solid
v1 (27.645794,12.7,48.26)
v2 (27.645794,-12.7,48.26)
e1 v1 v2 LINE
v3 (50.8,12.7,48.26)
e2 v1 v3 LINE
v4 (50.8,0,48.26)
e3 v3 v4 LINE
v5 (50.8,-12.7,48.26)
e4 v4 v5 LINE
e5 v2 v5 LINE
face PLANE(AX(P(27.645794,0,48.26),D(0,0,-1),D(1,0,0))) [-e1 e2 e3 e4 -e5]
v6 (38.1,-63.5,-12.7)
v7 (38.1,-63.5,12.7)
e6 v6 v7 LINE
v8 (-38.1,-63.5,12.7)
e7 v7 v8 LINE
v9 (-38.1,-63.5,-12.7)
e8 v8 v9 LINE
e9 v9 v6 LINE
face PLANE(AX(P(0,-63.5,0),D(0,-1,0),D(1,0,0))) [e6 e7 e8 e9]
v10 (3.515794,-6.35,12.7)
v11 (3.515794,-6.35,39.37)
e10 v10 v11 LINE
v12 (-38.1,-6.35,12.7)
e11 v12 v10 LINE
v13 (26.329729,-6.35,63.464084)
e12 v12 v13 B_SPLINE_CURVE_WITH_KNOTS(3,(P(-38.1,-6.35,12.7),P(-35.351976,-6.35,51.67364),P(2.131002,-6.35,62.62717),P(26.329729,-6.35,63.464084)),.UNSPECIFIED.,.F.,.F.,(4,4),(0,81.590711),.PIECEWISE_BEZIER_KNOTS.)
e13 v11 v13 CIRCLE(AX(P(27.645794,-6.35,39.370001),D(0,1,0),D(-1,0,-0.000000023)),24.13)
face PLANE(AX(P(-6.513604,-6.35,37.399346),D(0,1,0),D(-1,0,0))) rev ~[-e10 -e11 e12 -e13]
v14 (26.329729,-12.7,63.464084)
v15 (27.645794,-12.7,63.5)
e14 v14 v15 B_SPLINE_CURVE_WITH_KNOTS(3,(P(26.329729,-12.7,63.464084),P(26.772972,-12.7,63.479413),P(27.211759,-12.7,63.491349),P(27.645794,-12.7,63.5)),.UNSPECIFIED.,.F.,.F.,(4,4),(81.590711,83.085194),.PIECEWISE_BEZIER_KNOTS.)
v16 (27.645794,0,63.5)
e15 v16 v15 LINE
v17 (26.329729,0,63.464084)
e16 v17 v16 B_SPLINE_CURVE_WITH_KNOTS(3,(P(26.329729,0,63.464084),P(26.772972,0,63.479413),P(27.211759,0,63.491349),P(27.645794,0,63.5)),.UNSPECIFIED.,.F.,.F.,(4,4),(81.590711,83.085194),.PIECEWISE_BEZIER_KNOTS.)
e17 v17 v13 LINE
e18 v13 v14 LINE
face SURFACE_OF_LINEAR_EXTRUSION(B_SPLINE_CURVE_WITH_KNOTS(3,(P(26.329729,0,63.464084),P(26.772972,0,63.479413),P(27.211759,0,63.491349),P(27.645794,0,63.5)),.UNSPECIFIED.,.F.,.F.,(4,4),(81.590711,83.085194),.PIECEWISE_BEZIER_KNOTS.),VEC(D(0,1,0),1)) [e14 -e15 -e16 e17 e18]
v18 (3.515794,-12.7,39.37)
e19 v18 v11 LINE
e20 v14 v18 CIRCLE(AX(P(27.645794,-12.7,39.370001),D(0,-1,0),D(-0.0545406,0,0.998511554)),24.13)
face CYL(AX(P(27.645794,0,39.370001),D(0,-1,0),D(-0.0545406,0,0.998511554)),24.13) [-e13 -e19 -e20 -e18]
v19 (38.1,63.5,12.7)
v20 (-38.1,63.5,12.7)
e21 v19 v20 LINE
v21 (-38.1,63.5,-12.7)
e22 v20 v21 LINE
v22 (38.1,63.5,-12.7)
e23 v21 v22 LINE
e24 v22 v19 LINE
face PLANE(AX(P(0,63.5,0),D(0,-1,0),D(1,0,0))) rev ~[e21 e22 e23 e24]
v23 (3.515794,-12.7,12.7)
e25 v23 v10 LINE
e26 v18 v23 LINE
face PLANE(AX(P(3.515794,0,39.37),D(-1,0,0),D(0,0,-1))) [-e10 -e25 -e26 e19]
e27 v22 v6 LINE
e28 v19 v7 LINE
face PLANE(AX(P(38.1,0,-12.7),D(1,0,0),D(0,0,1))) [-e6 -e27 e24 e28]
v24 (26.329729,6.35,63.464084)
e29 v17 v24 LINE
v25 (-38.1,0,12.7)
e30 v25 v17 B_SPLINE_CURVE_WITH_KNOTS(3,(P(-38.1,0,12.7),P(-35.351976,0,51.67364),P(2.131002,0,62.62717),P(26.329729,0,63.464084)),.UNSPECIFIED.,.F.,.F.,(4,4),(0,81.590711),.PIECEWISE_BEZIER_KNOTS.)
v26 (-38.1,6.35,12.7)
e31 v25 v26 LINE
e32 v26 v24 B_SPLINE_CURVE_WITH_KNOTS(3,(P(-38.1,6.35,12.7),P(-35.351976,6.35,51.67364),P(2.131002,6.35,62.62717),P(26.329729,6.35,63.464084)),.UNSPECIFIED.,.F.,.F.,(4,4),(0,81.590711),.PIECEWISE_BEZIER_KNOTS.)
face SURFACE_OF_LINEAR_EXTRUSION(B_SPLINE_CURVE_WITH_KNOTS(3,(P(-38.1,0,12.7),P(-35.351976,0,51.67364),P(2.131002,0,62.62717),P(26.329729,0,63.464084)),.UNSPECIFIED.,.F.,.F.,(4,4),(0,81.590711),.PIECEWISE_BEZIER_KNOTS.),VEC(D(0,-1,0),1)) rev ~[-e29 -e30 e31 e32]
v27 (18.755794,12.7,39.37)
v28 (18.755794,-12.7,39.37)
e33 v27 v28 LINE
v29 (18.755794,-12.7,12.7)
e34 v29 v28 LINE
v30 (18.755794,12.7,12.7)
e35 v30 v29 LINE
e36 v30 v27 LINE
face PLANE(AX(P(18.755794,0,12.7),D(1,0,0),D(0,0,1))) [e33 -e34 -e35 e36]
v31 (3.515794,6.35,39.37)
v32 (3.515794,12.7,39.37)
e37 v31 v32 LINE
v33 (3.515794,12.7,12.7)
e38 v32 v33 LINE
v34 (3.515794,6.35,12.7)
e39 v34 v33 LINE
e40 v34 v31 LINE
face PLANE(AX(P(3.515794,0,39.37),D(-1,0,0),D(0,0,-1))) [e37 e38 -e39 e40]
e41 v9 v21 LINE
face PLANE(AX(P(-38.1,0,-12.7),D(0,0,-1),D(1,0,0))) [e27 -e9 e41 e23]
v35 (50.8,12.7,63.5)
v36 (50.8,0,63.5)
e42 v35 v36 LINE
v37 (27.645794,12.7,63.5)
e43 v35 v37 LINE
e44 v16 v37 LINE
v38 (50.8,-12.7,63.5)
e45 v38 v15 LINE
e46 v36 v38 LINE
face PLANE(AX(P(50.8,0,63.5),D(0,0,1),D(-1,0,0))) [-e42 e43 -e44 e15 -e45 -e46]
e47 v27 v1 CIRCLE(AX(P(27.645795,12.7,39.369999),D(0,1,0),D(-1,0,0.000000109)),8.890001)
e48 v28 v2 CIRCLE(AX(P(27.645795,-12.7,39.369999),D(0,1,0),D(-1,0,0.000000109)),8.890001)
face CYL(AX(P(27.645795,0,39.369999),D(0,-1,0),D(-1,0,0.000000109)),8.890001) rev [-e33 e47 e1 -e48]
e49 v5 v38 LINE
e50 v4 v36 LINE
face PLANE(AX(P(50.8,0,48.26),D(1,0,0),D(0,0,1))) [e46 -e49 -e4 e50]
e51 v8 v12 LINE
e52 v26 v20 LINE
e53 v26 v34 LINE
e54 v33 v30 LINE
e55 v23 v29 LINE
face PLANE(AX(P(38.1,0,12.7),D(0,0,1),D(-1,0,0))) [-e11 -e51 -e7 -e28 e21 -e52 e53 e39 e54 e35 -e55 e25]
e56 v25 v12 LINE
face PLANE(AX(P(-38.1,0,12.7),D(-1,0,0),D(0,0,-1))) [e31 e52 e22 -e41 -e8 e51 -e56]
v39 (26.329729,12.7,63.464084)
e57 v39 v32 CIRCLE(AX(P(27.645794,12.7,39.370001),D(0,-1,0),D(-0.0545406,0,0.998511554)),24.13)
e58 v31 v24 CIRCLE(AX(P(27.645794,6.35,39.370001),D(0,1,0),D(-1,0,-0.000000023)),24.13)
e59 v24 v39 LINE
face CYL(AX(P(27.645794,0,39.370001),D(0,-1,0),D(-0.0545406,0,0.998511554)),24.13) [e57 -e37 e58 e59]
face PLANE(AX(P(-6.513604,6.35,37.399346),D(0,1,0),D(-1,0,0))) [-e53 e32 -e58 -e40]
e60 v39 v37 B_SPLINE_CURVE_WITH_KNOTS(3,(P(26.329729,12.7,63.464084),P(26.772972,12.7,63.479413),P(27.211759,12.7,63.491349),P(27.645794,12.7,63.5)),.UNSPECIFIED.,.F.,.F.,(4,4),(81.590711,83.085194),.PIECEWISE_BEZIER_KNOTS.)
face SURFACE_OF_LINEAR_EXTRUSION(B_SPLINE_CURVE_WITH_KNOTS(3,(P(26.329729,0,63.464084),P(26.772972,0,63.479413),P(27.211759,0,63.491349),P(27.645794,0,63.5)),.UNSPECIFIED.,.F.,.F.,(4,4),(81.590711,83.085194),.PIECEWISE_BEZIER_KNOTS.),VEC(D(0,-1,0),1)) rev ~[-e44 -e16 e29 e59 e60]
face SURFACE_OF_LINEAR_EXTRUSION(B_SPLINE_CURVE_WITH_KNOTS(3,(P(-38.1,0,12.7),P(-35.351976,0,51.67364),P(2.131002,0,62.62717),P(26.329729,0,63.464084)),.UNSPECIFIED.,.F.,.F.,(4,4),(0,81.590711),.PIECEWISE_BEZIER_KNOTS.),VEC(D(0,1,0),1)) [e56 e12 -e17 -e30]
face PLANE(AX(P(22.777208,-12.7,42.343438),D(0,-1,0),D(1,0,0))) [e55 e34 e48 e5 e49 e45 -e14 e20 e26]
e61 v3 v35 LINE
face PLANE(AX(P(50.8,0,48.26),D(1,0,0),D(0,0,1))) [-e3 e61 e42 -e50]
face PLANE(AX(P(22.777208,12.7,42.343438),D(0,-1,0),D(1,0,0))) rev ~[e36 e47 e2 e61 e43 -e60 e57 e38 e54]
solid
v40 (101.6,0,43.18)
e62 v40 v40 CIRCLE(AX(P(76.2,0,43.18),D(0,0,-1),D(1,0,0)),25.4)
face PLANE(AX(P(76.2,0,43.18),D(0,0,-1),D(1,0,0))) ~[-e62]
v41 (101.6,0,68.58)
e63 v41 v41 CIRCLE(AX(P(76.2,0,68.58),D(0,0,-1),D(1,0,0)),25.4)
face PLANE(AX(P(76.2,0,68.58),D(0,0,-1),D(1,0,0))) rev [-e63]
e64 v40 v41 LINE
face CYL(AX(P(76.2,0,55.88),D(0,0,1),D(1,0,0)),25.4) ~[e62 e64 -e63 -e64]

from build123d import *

# Parameters (mm, degrees)
F1_DEPTH = 63.5
F2_DEPTH = 12.7
F3_DEPTH = 6.35
F0_W     = 25.4
F0_H     = 25.4


with BuildPart() as f1:
    # F0 (on Front) → F1 (new body, symmetric)
    with BuildSketch(Plane.XZ):
        Polygon((-38.1, -12.7), (38.1, -12.7), (38.1, 12.7), (18.755794, 12.7), (3.515794, 12.7), (-38.1, 12.7), align=None)
    extrude(amount=F1_DEPTH, both=True)

    # F0 (on Front) → F2 (join, symmetric)
    with BuildSketch(Plane.XZ):
        with BuildLine():
            Line((3.515794, 12.7), (18.755794, 12.7))
            Line((18.755794, 12.7), (18.755794, 39.37))
            ThreePointArc((18.755794, 39.37), (21.359615, 45.656179), (27.645794, 48.26))
            Line((27.645794, 48.26), (50.8, 48.26))
            Line((50.8, 48.26), (50.8, 63.5))
            Line((50.8, 63.5), (27.645794, 63.5))
            add(Edge.make_bspline(
                [(26.329729, 63.464084), (26.772972, 63.479413), (27.211759, 63.491349), (27.645794, 63.5)],
                knots=[81.590711, 81.590711, 81.590711, 81.590711, 83.085194, 83.085194, 83.085194, 83.085194], degree=3))
            ThreePointArc((26.329729, 63.464084), (10.124185, 55.960664), (3.515794, 39.37))
            Line((3.515794, 39.37), (3.515794, 12.7))
        make_face()
    extrude(amount=F2_DEPTH, both=True)

    # F0 (on Front) → F3 (join, symmetric)
    with BuildSketch(Plane.XZ):
        with BuildLine():
            add(Edge.make_bspline(
                [(-38.1, 12.7), (-35.351976, 51.67364), (2.131002, 62.62717), (26.329729, 63.464084)],
                knots=[0, 0, 0, 0, 81.590711, 81.590711, 81.590711, 81.590711], degree=3))
            Line((-38.1, 12.7), (3.515794, 12.7))
            Line((3.515794, 12.7), (3.515794, 39.37))
            ThreePointArc((3.515794, 39.37), (10.124185, 55.960664), (26.329729, 63.464084))
        make_face()
    extrude(amount=F3_DEPTH, both=True)

    # F0 (on Front) → F4 (revolve)
    with BuildSketch(Plane.XZ):
        with Locations((88.9, 55.88)):
            Rectangle(F0_W, F0_H)
    revolve(axis=Axis((76.2, 0, 55.88), (0, 0, -1)))


solid = f1.part
